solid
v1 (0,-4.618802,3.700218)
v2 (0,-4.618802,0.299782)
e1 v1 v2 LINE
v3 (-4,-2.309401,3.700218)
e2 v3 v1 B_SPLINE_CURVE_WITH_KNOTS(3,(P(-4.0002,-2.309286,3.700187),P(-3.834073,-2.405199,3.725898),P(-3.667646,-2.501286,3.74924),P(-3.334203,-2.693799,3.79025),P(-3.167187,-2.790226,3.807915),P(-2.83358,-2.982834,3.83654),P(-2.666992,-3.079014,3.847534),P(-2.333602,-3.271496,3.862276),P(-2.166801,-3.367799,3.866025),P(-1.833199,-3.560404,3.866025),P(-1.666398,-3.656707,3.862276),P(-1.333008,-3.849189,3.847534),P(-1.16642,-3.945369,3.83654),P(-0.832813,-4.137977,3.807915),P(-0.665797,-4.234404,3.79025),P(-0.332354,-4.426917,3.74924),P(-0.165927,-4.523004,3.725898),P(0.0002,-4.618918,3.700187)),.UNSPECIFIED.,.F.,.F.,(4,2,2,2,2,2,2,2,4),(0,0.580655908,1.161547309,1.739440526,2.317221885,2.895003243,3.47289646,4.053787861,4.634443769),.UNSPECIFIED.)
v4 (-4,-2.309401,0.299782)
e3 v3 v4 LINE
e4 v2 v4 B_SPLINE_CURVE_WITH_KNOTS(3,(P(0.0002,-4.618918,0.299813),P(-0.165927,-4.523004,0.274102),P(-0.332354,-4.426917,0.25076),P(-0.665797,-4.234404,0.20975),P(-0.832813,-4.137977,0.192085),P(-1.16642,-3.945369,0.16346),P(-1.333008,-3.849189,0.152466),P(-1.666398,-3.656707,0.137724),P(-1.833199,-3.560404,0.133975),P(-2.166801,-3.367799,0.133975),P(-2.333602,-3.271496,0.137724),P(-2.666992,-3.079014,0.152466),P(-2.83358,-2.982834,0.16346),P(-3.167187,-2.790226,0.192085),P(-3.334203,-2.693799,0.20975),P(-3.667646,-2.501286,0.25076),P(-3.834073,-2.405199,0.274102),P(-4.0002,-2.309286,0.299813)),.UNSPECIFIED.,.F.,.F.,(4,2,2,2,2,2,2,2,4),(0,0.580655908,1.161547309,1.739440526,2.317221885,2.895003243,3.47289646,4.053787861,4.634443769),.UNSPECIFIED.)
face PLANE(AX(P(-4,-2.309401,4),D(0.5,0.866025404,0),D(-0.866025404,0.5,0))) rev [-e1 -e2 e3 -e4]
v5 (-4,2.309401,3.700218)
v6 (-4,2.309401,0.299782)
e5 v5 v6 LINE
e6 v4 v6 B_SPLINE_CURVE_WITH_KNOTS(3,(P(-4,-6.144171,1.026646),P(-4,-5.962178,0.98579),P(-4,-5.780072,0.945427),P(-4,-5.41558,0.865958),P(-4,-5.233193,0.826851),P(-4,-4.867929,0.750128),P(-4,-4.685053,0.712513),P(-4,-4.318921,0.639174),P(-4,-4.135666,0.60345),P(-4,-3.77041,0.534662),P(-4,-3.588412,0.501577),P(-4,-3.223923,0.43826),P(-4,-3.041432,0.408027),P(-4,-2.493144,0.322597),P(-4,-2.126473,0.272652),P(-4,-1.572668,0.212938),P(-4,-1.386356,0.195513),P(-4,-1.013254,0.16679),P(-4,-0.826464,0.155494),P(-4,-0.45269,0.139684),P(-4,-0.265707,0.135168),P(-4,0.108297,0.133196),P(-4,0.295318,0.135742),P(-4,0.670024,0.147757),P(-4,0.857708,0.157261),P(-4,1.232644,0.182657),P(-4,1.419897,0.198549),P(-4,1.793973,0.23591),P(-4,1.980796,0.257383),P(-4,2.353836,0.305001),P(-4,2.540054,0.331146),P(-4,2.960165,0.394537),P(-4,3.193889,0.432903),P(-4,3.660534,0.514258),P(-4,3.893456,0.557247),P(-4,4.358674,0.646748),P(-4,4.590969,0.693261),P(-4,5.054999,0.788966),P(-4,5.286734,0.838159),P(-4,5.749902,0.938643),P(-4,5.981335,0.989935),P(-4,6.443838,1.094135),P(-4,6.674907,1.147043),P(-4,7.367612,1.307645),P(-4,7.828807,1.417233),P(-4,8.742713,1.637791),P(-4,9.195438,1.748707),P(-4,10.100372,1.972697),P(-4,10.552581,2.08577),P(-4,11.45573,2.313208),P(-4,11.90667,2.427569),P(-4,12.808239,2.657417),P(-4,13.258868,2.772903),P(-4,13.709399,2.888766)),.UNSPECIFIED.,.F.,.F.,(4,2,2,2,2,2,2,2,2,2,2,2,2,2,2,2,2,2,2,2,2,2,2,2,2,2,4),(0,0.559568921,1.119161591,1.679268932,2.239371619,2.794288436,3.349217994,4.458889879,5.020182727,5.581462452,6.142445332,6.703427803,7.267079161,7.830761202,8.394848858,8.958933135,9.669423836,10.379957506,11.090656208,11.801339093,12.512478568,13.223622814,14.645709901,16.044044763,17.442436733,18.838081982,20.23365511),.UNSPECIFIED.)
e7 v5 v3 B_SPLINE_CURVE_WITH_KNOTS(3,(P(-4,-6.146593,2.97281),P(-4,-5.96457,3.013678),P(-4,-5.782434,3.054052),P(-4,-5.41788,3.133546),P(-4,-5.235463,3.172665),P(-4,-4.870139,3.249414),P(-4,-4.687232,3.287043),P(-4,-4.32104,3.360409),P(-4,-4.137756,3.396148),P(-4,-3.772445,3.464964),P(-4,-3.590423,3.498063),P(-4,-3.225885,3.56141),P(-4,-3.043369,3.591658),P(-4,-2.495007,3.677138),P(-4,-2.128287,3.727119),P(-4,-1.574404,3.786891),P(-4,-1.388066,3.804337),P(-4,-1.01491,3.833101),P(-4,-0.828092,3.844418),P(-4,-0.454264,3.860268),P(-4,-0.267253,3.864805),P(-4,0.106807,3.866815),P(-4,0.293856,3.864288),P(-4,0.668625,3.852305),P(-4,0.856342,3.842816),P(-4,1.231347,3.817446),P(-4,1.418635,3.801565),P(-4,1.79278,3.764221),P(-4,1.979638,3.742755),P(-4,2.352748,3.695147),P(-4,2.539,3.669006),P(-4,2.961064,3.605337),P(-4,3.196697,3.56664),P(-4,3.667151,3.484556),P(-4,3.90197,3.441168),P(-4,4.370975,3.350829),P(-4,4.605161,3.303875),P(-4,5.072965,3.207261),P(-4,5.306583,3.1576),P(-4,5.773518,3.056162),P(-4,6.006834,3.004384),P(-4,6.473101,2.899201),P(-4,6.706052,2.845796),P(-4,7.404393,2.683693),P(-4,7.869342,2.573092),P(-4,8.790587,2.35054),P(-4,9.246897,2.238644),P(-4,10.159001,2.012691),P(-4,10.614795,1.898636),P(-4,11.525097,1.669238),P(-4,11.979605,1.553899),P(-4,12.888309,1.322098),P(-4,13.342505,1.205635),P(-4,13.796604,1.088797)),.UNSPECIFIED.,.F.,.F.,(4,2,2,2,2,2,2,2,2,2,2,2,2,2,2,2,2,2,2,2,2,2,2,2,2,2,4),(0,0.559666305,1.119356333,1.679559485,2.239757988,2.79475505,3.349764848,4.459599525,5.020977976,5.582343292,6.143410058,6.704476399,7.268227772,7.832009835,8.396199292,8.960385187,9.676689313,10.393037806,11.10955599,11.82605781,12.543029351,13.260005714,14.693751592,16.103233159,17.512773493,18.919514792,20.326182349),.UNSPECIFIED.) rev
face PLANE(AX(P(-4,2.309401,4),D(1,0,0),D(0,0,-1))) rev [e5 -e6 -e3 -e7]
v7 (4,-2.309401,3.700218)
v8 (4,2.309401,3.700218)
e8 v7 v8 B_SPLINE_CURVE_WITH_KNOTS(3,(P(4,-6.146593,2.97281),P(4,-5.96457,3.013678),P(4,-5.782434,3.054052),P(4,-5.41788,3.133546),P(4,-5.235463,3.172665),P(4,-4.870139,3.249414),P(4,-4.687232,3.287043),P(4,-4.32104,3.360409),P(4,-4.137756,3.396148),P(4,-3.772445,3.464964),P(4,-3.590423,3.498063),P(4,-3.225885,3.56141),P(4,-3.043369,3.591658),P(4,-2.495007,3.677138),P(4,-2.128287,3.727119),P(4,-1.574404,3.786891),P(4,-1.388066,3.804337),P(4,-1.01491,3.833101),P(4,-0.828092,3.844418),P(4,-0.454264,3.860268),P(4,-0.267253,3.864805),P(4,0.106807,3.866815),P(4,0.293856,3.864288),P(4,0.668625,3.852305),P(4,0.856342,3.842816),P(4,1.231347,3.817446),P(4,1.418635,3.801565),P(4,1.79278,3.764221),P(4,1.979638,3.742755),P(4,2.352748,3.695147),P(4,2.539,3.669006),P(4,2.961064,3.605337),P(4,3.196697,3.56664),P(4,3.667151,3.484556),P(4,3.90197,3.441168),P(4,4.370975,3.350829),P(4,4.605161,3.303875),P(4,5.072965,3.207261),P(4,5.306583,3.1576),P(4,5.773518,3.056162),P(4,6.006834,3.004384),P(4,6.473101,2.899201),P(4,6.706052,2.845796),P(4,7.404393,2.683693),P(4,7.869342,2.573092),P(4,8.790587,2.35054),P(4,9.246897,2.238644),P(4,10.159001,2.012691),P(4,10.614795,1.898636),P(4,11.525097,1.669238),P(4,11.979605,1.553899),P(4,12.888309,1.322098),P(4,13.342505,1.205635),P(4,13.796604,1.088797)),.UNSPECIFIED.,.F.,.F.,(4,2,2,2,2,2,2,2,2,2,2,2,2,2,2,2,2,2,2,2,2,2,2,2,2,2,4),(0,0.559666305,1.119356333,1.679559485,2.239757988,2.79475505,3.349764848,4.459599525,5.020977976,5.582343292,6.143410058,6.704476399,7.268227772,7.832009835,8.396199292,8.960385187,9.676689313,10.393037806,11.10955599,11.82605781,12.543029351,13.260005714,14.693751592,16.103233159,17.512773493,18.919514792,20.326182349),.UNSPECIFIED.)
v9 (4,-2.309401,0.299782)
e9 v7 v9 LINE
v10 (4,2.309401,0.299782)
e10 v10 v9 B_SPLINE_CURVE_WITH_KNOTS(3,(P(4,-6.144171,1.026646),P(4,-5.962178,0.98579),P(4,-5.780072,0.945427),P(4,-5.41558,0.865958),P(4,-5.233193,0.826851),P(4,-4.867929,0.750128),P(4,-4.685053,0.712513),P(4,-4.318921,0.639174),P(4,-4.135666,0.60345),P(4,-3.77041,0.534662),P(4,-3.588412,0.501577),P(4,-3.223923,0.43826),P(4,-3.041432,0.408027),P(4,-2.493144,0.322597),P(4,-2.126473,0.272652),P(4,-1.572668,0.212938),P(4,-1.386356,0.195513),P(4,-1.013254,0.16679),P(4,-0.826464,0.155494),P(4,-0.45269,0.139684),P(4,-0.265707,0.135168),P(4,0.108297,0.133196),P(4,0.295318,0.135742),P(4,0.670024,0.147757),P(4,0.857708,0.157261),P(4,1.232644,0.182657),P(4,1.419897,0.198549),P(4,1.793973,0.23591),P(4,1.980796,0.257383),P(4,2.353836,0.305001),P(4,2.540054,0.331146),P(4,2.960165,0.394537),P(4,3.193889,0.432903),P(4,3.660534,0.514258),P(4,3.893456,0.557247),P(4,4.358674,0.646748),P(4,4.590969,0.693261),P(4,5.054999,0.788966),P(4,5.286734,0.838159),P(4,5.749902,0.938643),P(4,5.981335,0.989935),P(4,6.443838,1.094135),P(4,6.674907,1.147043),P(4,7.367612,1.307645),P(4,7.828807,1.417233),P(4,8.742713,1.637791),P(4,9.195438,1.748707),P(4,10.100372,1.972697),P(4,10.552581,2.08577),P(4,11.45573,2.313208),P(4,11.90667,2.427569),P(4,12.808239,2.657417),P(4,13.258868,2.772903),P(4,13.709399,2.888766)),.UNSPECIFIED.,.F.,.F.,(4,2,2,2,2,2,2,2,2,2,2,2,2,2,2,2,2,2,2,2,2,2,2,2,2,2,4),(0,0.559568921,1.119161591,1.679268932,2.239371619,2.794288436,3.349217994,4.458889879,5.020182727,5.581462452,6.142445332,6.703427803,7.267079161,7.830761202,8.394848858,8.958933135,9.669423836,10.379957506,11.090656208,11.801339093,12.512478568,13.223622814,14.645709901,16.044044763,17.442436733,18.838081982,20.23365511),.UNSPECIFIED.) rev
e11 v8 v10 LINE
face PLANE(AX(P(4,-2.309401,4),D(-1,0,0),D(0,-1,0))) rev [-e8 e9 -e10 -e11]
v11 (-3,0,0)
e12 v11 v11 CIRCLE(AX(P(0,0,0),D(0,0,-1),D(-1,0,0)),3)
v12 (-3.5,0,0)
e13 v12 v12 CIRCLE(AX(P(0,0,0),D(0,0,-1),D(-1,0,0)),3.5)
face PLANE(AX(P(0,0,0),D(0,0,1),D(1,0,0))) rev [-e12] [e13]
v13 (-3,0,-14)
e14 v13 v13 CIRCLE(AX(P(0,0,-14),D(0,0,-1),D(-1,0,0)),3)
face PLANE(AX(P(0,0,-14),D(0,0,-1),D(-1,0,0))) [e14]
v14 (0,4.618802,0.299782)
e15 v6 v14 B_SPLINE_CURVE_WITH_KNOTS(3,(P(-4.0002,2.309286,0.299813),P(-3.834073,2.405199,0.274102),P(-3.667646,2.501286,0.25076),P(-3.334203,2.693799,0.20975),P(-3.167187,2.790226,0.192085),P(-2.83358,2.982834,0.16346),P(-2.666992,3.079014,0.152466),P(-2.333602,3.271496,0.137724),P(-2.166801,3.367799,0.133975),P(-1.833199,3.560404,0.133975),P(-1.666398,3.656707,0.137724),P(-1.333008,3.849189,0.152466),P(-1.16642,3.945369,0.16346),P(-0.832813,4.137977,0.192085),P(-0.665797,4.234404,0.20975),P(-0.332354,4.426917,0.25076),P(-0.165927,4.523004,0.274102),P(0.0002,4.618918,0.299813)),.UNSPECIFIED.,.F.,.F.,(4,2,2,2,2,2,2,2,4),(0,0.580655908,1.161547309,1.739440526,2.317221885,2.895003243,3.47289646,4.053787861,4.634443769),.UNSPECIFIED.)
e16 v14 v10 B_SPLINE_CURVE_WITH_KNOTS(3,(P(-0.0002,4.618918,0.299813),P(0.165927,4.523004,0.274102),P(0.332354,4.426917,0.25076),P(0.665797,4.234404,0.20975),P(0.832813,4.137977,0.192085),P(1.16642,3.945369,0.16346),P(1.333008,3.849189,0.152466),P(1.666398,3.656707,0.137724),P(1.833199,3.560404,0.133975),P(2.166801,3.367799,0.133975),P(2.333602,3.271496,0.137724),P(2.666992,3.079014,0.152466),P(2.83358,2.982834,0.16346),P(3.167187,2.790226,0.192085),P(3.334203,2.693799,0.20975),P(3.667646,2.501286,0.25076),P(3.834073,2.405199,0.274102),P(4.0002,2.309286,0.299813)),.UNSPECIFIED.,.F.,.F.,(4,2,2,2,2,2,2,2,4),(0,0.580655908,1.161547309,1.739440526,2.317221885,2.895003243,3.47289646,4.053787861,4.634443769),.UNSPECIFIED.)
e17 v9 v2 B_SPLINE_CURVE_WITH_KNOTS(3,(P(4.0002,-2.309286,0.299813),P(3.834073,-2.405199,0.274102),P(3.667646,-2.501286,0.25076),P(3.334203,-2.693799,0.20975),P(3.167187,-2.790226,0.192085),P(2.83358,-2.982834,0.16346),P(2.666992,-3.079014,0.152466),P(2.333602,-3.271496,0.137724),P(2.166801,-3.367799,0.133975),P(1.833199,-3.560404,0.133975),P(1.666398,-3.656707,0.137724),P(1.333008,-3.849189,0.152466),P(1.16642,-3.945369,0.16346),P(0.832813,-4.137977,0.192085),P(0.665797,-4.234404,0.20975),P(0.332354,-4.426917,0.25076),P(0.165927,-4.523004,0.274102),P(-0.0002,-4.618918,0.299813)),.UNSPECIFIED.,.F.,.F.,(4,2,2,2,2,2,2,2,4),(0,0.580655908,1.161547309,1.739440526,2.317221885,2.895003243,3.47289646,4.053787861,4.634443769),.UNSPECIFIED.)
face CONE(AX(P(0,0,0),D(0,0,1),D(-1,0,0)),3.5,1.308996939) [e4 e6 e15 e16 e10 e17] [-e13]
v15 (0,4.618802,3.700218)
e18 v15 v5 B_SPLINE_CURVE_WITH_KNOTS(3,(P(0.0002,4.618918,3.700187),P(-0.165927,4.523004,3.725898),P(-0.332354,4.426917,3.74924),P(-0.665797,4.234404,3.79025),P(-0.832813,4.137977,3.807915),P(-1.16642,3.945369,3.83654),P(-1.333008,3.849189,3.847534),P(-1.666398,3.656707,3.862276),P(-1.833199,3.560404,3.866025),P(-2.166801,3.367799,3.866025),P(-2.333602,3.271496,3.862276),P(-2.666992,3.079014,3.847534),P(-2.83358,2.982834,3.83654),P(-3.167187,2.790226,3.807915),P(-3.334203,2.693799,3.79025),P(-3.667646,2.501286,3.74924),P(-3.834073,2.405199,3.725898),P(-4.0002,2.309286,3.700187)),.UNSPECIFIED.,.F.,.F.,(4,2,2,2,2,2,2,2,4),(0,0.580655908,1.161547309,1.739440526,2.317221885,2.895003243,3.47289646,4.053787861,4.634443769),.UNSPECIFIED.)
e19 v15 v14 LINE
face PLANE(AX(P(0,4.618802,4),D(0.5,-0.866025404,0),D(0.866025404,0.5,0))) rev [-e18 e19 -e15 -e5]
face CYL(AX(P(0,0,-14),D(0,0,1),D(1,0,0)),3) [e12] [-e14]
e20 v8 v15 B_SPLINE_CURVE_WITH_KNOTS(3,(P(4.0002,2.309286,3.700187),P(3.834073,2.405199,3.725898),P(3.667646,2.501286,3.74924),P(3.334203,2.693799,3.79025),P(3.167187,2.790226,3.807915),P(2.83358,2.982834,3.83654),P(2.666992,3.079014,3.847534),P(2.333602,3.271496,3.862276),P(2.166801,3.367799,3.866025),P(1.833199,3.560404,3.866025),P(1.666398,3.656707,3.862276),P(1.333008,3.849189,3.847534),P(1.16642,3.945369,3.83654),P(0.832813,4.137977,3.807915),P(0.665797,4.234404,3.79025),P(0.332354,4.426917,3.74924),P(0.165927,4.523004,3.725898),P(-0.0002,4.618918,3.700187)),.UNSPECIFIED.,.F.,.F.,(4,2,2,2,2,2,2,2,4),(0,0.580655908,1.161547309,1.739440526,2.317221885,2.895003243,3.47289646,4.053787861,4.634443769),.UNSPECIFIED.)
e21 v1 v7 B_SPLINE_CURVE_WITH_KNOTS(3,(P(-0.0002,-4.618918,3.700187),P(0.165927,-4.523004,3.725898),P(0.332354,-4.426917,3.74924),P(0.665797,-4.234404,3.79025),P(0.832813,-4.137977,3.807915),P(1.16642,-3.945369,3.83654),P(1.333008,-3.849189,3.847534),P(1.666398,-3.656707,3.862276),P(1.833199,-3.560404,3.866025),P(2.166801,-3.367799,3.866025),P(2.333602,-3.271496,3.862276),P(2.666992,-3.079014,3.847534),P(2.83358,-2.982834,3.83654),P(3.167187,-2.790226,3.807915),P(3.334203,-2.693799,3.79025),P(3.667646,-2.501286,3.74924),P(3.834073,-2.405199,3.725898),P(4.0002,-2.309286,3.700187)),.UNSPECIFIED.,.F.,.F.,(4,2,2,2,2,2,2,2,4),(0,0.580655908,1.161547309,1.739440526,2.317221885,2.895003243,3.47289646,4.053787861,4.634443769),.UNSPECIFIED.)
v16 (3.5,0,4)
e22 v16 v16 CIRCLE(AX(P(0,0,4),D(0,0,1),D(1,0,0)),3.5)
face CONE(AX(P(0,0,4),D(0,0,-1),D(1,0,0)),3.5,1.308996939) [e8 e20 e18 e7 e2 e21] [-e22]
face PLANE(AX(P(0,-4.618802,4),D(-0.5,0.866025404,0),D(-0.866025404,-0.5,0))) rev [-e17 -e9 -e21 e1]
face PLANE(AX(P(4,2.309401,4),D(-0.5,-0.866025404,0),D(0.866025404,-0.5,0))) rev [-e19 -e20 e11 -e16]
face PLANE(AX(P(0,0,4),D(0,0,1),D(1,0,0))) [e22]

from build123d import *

# Parameters (mm, degrees)
RESSALTO_EXTRUS_O1_DEPTH = 4
ESBO_O2_OUTSIDE_W        = 124.534
ESBO_O2_OUTSIDE_H        = 125.772
ESBO_O2_OUTSIDE_R        = 3.5
CORTE_EXTRUS_O1_DEPTH    = 15
CORTE_EXTRUS_O1_DRAFT    = -75
ESBO_O3_OUTSIDE_W        = 124.534
ESBO_O3_OUTSIDE_H        = 125.772
ESBO_O3_OUTSIDE_R        = 3.5
CORTE_EXTRUS_O5_DEPTH    = 15
CORTE_EXTRUS_O5_DRAFT    = -75
ESBO_O9_R                = 3
RESSALTO_EXTRUS_O2_DEPTH = 14


with BuildPart() as part:
    # Esboço1 → Ressalto-extrusão1 (new body)
    with BuildSketch(Plane.XY):
        Polygon((0, -4.618802154), (4, -2.309401077), (4, 2.309401077), (0, 4.618802154), (-4, 2.309401077), (-4, -2.309401077), align=None)
    extrude(amount=RESSALTO_EXTRUS_O1_DEPTH)


with BuildPart() as corte_extrus_o1_tool:
    # Esboço2 outside → Corte-extrusão1 (with draft: the straight prism first)
    with BuildSketch(Plane.XY.offset(4)):
        Rectangle(ESBO_O2_OUTSIDE_W, ESBO_O2_OUTSIDE_H)
        Circle(ESBO_O2_OUTSIDE_R, mode=Mode.SUBTRACT)
    extrude(amount=-CORTE_EXTRUS_O1_DEPTH)
    # Corte-extrusão1: the draft: its side faces are tilted about the plane it starts from
    corte_extrus_o1_sides = [corte_extrus_o1_tool.faces().sort_by_distance(p)[0] for p in [
        (0, -62.886, -3.5),
        (62.267, 0, -3.5),
        (0, 62.886, -3.5),
        (-62.267, 0, -3.5),
        (-3.5, 0, -3.5),
    ]]
    draft(corte_extrus_o1_sides, Plane.XY.offset(4), CORTE_EXTRUS_O1_DRAFT)


with BuildPart() as part_1:
    add(part.part)

    # Corte-extrusão1: cut by corte_extrus_o1_tool
    add(corte_extrus_o1_tool.part, mode=Mode.SUBTRACT)


with BuildPart() as corte_extrus_o5_tool:
    # Esboço3 outside → Corte-extrusão5 (with draft: the straight prism first)
    with BuildSketch(Plane(origin=(0, 0, 0), x_dir=(-1, 0, 0), z_dir=(0, 0, -1))):
        Rectangle(ESBO_O3_OUTSIDE_W, ESBO_O3_OUTSIDE_H)
        Circle(ESBO_O3_OUTSIDE_R, mode=Mode.SUBTRACT)
    extrude(amount=-CORTE_EXTRUS_O5_DEPTH)
    # Corte-extrusão5: the draft: its side faces are tilted about the plane it starts from
    corte_extrus_o5_sides = [corte_extrus_o5_tool.faces().sort_by_distance(p)[0] for p in [
        (0, -62.886, 7.5),
        (-62.267, 0, 7.5),
        (0, 62.886, 7.5),
        (62.267, 0, 7.5),
        (3.5, 0, 7.5),
    ]]
    draft(corte_extrus_o5_sides, Plane(origin=(0, 0, 0), x_dir=(-1, 0, 0), z_dir=(0, 0, -1)), CORTE_EXTRUS_O5_DRAFT)


with BuildPart() as part_2:
    add(part_1.part)

    # Corte-extrusão5: cut by corte_extrus_o5_tool
    add(corte_extrus_o5_tool.part, mode=Mode.SUBTRACT)

    # Esboço9 → Ressalto-extrusão2 (add)
    with BuildSketch(Plane(origin=(0, 0, 0), x_dir=(-1, 0, 0), z_dir=(0, 0, -1))):
        Circle(ESBO_O9_R)
    extrude(amount=RESSALTO_EXTRUS_O2_DEPTH)


solid = part_2.part
